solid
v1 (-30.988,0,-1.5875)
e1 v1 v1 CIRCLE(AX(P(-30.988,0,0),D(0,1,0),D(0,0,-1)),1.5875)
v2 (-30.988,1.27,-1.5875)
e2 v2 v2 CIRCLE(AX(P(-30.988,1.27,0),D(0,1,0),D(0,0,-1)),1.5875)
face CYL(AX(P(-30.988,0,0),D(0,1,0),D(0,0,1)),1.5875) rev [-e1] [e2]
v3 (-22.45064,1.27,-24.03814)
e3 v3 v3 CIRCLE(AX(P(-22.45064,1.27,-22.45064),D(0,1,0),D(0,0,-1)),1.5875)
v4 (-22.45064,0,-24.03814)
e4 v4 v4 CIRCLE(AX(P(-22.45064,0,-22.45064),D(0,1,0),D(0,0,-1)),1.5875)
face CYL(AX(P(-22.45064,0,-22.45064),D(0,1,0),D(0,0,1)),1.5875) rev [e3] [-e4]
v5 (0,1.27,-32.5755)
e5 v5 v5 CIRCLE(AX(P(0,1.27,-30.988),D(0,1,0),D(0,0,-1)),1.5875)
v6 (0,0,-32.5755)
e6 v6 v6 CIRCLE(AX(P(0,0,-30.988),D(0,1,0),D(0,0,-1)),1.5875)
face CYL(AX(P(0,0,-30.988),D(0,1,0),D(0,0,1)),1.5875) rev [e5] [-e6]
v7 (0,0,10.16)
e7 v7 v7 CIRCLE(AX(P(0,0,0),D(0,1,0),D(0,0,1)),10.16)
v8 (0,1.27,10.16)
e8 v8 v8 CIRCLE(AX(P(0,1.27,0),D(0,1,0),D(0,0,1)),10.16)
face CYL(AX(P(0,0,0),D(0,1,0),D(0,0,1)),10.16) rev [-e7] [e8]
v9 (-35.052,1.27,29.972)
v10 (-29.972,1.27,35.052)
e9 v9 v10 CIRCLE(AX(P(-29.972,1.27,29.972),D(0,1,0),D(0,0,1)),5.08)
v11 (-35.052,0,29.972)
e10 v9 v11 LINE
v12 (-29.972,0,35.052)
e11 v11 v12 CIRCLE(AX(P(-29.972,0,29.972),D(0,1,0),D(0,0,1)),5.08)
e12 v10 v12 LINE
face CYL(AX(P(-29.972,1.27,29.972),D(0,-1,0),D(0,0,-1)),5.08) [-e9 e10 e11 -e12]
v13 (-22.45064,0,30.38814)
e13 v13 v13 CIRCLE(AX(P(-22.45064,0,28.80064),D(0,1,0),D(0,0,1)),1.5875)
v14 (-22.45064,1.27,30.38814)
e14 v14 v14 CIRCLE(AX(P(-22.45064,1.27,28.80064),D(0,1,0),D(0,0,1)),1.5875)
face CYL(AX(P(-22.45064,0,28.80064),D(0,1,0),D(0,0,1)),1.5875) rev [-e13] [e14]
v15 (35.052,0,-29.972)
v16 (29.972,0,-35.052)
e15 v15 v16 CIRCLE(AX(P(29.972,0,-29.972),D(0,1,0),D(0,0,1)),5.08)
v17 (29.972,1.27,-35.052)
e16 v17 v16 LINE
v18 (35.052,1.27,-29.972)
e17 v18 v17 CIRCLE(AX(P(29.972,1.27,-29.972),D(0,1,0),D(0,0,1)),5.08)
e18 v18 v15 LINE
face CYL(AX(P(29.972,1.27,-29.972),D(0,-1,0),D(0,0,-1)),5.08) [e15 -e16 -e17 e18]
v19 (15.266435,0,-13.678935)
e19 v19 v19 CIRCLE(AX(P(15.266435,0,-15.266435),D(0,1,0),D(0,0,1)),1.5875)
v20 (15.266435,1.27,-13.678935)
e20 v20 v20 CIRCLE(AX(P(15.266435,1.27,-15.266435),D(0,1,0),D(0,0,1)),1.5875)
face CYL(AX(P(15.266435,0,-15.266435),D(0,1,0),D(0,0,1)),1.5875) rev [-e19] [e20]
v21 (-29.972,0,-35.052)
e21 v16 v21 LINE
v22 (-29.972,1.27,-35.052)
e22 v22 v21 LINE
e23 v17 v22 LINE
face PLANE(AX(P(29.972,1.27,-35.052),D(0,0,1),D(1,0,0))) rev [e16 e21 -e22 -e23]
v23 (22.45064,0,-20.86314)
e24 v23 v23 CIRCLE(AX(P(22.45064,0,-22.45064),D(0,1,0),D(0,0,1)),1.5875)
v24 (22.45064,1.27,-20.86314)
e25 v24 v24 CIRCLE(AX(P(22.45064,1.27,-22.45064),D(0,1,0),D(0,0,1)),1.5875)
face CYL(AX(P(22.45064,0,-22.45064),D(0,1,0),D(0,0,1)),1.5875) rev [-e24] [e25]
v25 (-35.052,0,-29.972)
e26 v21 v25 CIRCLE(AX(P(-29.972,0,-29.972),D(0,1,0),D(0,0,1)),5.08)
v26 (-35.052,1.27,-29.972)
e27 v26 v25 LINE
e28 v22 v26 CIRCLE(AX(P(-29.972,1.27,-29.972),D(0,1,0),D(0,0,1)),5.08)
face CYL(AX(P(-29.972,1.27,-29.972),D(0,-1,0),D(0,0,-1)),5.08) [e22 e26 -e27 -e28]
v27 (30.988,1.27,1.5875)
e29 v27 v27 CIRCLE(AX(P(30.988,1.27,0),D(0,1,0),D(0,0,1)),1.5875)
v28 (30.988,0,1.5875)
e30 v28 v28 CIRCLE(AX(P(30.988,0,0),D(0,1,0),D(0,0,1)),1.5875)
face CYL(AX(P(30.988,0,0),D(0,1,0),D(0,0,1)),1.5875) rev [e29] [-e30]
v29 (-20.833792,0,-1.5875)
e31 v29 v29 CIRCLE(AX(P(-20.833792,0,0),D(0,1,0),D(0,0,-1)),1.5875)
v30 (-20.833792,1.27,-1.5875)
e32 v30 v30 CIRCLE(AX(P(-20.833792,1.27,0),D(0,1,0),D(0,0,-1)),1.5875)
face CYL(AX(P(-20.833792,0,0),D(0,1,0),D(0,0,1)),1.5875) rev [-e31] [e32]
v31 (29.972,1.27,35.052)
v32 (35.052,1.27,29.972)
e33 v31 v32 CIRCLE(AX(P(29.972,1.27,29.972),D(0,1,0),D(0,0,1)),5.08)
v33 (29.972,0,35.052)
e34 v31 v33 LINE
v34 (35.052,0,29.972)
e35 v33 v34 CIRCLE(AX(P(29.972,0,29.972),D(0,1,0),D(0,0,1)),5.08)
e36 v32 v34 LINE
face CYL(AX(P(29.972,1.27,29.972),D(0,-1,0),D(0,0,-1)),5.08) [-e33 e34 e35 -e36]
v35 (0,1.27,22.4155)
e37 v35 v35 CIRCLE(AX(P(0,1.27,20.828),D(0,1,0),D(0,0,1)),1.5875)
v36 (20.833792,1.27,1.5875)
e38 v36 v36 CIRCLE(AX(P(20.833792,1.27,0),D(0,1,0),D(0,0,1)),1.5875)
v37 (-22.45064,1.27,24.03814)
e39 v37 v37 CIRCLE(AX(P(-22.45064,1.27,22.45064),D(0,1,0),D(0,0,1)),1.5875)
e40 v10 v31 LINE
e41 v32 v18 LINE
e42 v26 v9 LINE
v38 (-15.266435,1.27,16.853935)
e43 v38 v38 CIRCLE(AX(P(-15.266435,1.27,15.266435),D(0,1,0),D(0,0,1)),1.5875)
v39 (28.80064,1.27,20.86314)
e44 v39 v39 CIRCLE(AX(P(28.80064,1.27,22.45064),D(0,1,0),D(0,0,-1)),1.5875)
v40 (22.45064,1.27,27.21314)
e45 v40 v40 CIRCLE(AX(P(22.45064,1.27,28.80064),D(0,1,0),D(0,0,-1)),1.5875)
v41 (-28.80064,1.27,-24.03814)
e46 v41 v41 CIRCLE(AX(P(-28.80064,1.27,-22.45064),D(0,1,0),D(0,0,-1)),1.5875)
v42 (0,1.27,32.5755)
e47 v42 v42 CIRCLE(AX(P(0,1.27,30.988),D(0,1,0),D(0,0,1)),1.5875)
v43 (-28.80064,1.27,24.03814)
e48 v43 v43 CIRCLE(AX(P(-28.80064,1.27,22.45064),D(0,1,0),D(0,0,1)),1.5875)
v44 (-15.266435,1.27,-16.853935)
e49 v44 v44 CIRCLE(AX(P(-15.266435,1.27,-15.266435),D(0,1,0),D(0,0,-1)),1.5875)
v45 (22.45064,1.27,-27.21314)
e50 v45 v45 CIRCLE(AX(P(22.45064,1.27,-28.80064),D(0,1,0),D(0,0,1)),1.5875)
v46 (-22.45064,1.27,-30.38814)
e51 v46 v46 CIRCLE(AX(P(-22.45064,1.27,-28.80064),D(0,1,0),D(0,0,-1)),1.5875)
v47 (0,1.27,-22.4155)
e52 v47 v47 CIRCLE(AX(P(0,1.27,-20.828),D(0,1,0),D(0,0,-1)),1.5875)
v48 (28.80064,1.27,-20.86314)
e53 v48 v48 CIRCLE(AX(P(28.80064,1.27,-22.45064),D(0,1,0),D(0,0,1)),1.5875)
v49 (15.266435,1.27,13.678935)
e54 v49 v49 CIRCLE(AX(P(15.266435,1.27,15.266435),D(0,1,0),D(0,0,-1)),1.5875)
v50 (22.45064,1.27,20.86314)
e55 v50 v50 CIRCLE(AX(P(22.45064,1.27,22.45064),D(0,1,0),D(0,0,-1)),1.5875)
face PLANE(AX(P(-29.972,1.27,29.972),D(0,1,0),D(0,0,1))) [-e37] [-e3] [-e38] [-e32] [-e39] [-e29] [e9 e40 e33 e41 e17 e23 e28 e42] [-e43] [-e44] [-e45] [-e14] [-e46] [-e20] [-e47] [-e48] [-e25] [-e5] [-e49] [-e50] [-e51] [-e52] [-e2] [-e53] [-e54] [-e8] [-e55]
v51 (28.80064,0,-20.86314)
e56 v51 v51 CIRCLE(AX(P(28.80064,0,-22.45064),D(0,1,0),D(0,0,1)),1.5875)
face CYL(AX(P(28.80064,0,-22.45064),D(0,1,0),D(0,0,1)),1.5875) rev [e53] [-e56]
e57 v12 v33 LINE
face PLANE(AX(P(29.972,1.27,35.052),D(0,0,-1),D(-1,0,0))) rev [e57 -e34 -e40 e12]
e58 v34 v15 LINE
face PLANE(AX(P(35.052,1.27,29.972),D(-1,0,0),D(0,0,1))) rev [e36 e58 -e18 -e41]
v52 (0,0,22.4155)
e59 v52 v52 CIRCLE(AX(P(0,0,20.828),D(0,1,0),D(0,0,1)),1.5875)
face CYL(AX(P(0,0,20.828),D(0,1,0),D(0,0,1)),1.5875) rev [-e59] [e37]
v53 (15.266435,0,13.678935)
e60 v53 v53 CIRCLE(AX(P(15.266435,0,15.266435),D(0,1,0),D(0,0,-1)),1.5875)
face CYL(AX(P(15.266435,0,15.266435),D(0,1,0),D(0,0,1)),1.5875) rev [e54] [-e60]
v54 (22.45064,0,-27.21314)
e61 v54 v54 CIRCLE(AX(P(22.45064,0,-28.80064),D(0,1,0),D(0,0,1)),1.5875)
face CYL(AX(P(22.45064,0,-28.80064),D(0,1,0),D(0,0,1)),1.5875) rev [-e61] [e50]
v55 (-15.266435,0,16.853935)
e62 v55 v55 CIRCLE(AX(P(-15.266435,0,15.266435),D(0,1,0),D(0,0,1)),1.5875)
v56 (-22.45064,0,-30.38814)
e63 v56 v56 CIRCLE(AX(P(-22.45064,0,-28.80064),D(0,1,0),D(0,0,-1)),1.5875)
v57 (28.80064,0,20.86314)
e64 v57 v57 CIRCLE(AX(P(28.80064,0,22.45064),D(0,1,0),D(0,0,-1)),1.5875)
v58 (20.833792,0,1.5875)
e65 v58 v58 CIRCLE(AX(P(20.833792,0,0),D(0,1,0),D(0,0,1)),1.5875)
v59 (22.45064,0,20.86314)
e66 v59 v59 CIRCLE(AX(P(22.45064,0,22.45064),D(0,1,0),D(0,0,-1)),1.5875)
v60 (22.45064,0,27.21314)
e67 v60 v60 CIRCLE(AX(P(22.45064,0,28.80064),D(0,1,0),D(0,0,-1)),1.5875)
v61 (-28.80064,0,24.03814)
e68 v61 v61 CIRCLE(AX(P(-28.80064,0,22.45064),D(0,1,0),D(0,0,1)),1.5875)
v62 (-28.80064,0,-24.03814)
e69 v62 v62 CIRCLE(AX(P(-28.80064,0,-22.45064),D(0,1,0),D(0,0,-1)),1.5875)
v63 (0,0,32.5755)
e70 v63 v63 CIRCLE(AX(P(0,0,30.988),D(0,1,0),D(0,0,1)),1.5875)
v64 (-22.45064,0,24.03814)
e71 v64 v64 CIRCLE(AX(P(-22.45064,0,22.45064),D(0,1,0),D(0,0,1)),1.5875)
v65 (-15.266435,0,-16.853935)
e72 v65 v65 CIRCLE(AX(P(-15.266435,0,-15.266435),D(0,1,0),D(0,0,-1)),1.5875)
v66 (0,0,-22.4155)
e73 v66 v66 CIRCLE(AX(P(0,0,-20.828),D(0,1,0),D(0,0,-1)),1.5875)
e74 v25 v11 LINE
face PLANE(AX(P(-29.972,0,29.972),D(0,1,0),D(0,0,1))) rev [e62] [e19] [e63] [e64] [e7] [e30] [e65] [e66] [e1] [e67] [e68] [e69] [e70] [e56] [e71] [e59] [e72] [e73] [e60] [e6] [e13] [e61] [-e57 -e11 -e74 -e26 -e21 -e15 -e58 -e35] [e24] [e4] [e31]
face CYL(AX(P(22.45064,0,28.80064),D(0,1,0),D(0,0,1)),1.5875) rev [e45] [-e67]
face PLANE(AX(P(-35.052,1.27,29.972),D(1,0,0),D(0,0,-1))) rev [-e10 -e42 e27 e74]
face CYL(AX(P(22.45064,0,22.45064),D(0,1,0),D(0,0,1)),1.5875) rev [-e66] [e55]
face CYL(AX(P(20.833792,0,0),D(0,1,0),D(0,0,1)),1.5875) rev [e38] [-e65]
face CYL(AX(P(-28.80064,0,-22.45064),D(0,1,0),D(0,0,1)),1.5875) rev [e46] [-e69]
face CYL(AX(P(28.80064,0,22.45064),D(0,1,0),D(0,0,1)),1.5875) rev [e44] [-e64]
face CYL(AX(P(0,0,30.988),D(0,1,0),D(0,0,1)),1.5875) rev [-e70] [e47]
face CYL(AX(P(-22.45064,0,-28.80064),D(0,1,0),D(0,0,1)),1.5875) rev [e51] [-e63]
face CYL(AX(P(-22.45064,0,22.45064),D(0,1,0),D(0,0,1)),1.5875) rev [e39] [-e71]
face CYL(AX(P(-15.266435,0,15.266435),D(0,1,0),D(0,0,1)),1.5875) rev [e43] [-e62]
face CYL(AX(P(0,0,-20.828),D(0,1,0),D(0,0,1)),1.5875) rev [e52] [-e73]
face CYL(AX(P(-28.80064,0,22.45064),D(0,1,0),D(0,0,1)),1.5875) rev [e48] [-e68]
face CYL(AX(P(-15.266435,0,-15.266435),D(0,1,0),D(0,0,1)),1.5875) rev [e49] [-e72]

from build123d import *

# Parameters (mm, degrees)
BOSS_EXTRUDE1_DEPTH = 1.27
SKETCH2_R           = 10.16
SKETCH2_R_2         = 1.5875
CUT_EXTRUDE1_DEPTH  = 50.5872797


with BuildPart() as part:
    # Sketch1 → Boss-Extrude1 (new body)
    with BuildSketch(Plane(origin=(0, 0, 0), x_dir=(1, 0, 0), z_dir=(0, 1, 0))):
        with BuildLine():
            Line((29.972, -35.052), (-29.972, -35.052))
            ThreePointArc((-29.972, -35.052), (-33.564102448, -33.564102448), (-35.052, -29.972))
            Line((-35.052, -29.972), (-35.052, 29.972))
            ThreePointArc((-35.052, 29.972), (-33.564102448, 33.564102448), (-29.972, 35.052))
            Line((-29.972, 35.052), (29.972, 35.052))
            ThreePointArc((29.972, 35.052), (33.564102448, 33.564102448), (35.052, 29.972))
            Line((35.052, 29.972), (35.052, -29.972))
            ThreePointArc((35.052, -29.972), (33.564102448, -33.564102448), (29.972, -35.052))
        make_face()
    extrude(amount=BOSS_EXTRUDE1_DEPTH)

    # Sketch2 → Cut-Extrude1 (cut, through all)
    with BuildSketch(Plane(origin=(0, 1.27, 0), x_dir=(1, 0, 0), z_dir=(0, 1, 0))):
        with Locations(Location((0, 0, 0), (0, 0, 270))):
            Circle(SKETCH2_R)
        with Locations(Location((20.833792189, 0, 0), (0, 0, 270))):
            Circle(SKETCH2_R_2)
        with Locations(Location((30.988, 0, 0), (0, 0, 270))):
            Circle(SKETCH2_R_2)
        with Locations(Location((-20.833792189, 0, 0), (0, 0, 90))):
            Circle(SKETCH2_R_2)
        with Locations(Location((-30.988, 0, 0), (0, 0, 90))):
            Circle(SKETCH2_R_2)
        with Locations(Location((0, -20.828, 0), (0, 0, 270))):
            Circle(SKETCH2_R_2)
        with Locations(Location((0, 30.988, 0), (0, 0, 90))):
            Circle(SKETCH2_R_2)
        with Locations(Location((0, 20.828, 0), (0, 0, 90))):
            Circle(SKETCH2_R_2)
        with Locations(Location((-15.266435406, -15.266435406, 0), (0, 0, 270))):
            Circle(SKETCH2_R_2)
        with Locations(Location((-22.450640303, -22.450640303, 0), (0, 0, 270))):
            Circle(SKETCH2_R_2)
        with Locations(Location((-28.800640303, -22.450640303, 0), (0, 0, 270))):
            Circle(SKETCH2_R_2)
        with Locations(Location((-22.450640303, -28.800640303, 0), (0, 0, 270))):
            Circle(SKETCH2_R_2)
        with Locations(Location((28.800640303, -22.450640303, 0), (0, 0, 90))):
            Circle(SKETCH2_R_2)
        with Locations(Location((22.450640303, -28.800640303, 0), (0, 0, 90))):
            Circle(SKETCH2_R_2)
        with Locations(Location((22.450640303, -22.450640303, 0), (0, 0, 90))):
            Circle(SKETCH2_R_2)
        with Locations(Location((15.266435406, -15.266435406, 0), (0, 0, 90))):
            Circle(SKETCH2_R_2)
        with Locations(Location((28.800640303, 22.450640303, 0), (0, 0, 270))):
            Circle(SKETCH2_R_2)
        with Locations(Location((22.450640303, 28.800640303, 0), (0, 0, 270))):
            Circle(SKETCH2_R_2)
        with Locations(Location((22.450640303, 22.450640303, 0), (0, 0, 270))):
            Circle(SKETCH2_R_2)
        with Locations(Location((15.266435406, 15.266435406, 0), (0, 0, 270))):
            Circle(SKETCH2_R_2)
        with Locations(Location((-22.450640303, 28.800640303, 0), (0, 0, 90))):
            Circle(SKETCH2_R_2)
        with Locations(Location((-28.800640303, 22.450640303, 0), (0, 0, 90))):
            Circle(SKETCH2_R_2)
        with Locations(Location((-15.266435406, 15.266435406, 0), (0, 0, 90))):
            Circle(SKETCH2_R_2)
        with Locations(Location((-22.450640303, 22.450640303, 0), (0, 0, 90))):
            Circle(SKETCH2_R_2)
        with Locations(Location((0, -30.988, 0), (0, 0, 270))):
            Circle(SKETCH2_R_2)
    extrude(amount=-CUT_EXTRUDE1_DEPTH, mode=Mode.SUBTRACT)


solid = part.part
